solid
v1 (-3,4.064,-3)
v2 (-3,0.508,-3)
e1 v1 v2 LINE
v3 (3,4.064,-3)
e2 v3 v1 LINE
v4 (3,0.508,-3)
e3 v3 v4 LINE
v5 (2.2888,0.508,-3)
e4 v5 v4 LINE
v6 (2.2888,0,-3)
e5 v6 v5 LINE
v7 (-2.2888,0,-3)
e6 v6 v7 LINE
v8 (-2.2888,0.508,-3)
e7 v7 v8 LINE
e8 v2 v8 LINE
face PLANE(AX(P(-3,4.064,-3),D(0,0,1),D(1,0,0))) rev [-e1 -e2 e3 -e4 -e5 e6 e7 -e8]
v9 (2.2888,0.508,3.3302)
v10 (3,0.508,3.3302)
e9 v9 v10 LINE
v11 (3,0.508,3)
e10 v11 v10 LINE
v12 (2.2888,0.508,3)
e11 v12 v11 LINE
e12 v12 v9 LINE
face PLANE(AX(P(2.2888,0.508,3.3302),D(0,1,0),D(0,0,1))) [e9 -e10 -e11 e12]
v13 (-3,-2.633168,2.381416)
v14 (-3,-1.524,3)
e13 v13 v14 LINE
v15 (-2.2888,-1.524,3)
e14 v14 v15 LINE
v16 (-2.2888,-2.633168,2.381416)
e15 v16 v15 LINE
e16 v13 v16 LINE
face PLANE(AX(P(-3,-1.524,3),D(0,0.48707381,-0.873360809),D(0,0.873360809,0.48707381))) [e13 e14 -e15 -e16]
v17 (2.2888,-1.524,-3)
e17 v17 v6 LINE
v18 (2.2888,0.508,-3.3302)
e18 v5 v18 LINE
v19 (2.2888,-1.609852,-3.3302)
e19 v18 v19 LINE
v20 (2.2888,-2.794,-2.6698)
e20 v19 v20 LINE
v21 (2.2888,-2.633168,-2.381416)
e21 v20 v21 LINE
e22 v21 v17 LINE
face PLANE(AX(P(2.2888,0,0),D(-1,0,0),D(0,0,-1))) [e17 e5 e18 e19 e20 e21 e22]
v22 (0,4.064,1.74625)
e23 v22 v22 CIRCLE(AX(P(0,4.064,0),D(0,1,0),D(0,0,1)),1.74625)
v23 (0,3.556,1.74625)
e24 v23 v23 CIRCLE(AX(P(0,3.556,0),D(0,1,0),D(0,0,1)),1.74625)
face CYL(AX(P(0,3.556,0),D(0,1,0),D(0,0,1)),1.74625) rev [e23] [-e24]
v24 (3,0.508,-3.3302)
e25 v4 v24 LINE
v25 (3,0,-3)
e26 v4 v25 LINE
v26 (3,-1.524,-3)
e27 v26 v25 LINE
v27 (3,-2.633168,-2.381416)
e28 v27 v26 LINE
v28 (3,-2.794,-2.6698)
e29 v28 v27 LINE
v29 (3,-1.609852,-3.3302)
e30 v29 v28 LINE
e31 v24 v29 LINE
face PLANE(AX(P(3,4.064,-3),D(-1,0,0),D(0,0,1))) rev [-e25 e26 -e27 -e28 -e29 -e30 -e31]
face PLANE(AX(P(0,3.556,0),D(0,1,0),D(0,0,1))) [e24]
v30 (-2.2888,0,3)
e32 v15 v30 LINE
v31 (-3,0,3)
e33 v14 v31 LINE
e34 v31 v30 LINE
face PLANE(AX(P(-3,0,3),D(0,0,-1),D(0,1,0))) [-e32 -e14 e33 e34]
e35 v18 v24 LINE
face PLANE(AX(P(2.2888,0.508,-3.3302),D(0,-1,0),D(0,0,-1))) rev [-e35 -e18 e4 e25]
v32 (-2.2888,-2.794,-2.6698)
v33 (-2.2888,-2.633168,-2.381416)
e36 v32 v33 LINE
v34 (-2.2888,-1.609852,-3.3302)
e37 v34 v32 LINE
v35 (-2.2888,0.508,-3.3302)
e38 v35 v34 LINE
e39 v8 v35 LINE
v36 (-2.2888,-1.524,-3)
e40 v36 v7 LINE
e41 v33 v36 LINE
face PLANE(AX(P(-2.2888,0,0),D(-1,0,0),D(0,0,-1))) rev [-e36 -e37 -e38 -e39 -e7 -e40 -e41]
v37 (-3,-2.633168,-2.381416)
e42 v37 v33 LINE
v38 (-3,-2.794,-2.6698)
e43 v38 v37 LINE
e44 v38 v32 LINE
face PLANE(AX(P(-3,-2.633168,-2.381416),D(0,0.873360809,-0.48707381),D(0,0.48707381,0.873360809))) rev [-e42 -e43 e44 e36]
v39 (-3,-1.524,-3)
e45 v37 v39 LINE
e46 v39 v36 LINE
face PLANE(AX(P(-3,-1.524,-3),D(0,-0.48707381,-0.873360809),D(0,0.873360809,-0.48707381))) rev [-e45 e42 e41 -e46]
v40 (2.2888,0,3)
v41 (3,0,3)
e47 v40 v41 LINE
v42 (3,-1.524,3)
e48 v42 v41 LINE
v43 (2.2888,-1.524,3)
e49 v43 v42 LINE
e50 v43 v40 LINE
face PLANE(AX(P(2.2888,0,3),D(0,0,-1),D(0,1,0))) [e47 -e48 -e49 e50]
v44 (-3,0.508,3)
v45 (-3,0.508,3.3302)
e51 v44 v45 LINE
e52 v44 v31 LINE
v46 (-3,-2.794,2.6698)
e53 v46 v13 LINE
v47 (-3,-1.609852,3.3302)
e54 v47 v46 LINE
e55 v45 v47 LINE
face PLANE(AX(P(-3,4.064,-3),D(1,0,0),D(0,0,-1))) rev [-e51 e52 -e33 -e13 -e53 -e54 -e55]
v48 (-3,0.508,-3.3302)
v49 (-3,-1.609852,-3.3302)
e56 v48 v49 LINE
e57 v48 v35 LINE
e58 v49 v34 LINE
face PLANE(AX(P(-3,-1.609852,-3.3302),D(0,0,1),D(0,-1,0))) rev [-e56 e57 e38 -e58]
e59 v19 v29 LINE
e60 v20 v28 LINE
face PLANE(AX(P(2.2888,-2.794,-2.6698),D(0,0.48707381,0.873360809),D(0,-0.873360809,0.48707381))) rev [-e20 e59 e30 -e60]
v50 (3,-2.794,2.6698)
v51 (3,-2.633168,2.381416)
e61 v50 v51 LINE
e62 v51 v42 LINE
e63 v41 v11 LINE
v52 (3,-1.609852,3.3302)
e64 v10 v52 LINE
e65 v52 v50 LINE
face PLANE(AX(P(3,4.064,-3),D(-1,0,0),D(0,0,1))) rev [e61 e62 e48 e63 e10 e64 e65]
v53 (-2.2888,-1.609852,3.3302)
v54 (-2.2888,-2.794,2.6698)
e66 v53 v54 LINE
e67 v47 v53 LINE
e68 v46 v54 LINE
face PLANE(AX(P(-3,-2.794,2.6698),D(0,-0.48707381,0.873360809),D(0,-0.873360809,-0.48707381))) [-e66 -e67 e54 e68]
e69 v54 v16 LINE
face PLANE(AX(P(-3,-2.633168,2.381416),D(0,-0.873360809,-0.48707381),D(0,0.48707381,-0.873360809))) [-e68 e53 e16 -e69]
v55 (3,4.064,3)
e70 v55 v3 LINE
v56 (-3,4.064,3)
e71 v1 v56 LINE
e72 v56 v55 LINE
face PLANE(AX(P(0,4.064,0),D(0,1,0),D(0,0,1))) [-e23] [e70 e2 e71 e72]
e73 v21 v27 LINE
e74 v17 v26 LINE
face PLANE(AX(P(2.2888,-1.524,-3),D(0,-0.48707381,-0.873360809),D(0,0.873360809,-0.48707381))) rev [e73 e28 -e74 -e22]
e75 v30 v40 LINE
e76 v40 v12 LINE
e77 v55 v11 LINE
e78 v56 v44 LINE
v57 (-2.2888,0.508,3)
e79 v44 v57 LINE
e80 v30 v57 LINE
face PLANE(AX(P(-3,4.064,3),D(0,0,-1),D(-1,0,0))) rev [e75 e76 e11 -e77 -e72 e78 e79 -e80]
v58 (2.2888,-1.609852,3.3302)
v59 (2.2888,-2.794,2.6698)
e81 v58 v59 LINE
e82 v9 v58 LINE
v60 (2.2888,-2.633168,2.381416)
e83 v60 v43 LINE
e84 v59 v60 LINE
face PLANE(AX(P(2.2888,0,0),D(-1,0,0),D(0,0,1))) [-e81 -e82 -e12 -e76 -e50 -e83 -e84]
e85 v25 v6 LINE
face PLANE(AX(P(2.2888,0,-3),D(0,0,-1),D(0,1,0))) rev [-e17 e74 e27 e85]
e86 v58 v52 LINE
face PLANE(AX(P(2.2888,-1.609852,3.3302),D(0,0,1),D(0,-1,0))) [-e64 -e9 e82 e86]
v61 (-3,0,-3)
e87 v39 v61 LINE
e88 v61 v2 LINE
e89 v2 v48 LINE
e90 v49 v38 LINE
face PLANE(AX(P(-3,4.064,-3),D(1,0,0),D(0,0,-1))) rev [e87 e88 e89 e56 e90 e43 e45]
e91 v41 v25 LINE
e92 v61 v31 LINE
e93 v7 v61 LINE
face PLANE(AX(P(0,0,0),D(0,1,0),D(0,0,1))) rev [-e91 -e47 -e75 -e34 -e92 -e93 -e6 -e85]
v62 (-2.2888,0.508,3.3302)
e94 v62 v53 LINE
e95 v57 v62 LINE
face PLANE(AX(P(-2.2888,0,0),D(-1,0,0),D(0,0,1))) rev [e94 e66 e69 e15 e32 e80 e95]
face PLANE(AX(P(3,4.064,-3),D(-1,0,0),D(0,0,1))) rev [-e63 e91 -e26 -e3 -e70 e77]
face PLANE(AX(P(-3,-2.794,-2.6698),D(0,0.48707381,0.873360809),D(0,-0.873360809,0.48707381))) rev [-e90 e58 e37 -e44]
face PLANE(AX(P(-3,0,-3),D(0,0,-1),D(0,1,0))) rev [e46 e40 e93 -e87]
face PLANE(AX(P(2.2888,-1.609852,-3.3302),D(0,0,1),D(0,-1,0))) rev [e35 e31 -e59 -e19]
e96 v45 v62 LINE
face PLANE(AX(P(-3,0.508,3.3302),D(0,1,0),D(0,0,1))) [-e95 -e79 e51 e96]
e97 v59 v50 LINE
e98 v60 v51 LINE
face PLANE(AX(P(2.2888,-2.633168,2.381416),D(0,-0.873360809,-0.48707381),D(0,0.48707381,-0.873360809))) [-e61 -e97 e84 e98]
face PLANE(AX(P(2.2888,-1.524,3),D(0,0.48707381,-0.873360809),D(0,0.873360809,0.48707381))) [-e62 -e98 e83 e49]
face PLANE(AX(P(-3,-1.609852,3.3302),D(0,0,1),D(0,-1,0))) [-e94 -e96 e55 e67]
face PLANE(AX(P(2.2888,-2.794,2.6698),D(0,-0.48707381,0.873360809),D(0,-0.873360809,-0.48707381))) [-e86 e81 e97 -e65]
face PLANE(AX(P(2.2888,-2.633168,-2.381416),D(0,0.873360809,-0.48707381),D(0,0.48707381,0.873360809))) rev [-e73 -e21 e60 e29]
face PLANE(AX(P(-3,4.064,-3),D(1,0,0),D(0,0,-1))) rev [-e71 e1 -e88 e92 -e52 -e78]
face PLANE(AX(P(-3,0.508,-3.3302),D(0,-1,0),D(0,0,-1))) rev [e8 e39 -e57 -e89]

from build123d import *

# Parameters (mm, degrees)
SKETCH1_W            = 6
SKETCH1_H            = 6
BOSS_EXTRUDE1_DEPTH  = 4.064
BOSS_EXTRUDE2_DEPTH  = 0.7112
LPATTERN1_COUNT      = 2
LPATTERN1_PITCH      = 5.288799938
MIRROR1_COPY_1_DEPTH = 0.7112
SKETCH3_R            = 1.74625
CUT_EXTRUDE1_DEPTH   = 0.508


with BuildPart() as part:
    # Sketch1 → Boss-Extrude1 (new body)
    with BuildSketch(Plane(origin=(0, 0, 0), x_dir=(1, 0, 0), z_dir=(0, 1, 0))):
        Rectangle(SKETCH1_W, SKETCH1_H)
    extrude(amount=BOSS_EXTRUDE1_DEPTH)

    # Sketch2 → Boss-Extrude2 (add)
    with BuildSketch(Plane(origin=(3, 0, 0), x_dir=(0, 0, -1), z_dir=(1, 0, 0))):
        Polygon((-3, 0), (-3, -1.524), (-2.381416261, -2.633168228), (-2.6698, -2.794), (-3.3302, -1.609852), (-3.3302, 0.508), (-3, 0.508), align=None)
    boss_extrude2 = extrude(amount=-BOSS_EXTRUDE2_DEPTH)

    # LPattern1: Boss-Extrude2 ×2
    with Locations(*[(-i * LPATTERN1_PITCH, 0, 0) for i in range(1, LPATTERN1_COUNT)]):
        add(boss_extrude2)

    # Mirror1: Boss-Extrude2 across plane
    add(boss_extrude2.mirror(Plane.XY))

    # Mirror1 copy 1 sketch → Mirror1 copy 1 (add)
    with BuildSketch(Plane(origin=(-2.288799938, 0, 0), x_dir=(0, 0, 1), z_dir=(1, 0, 0))):
        Polygon((-3, 0), (-3, 1.524), (-2.381416261, 2.633168228), (-2.6698, 2.794), (-3.3302, 1.609852), (-3.3302, -0.508), (-3, -0.508), align=None)
    extrude(amount=-MIRROR1_COPY_1_DEPTH)

    # Sketch3 → Cut-Extrude1 (cut)
    with BuildSketch(Plane(origin=(0, 4.064, 0), x_dir=(1, 0, 0), z_dir=(0, 1, 0))):
        with Locations(Location((0, 0, 0), (0, 0, 270))):
            Circle(SKETCH3_R)
    extrude(amount=-CUT_EXTRUDE1_DEPTH, mode=Mode.SUBTRACT)


solid = part.part
